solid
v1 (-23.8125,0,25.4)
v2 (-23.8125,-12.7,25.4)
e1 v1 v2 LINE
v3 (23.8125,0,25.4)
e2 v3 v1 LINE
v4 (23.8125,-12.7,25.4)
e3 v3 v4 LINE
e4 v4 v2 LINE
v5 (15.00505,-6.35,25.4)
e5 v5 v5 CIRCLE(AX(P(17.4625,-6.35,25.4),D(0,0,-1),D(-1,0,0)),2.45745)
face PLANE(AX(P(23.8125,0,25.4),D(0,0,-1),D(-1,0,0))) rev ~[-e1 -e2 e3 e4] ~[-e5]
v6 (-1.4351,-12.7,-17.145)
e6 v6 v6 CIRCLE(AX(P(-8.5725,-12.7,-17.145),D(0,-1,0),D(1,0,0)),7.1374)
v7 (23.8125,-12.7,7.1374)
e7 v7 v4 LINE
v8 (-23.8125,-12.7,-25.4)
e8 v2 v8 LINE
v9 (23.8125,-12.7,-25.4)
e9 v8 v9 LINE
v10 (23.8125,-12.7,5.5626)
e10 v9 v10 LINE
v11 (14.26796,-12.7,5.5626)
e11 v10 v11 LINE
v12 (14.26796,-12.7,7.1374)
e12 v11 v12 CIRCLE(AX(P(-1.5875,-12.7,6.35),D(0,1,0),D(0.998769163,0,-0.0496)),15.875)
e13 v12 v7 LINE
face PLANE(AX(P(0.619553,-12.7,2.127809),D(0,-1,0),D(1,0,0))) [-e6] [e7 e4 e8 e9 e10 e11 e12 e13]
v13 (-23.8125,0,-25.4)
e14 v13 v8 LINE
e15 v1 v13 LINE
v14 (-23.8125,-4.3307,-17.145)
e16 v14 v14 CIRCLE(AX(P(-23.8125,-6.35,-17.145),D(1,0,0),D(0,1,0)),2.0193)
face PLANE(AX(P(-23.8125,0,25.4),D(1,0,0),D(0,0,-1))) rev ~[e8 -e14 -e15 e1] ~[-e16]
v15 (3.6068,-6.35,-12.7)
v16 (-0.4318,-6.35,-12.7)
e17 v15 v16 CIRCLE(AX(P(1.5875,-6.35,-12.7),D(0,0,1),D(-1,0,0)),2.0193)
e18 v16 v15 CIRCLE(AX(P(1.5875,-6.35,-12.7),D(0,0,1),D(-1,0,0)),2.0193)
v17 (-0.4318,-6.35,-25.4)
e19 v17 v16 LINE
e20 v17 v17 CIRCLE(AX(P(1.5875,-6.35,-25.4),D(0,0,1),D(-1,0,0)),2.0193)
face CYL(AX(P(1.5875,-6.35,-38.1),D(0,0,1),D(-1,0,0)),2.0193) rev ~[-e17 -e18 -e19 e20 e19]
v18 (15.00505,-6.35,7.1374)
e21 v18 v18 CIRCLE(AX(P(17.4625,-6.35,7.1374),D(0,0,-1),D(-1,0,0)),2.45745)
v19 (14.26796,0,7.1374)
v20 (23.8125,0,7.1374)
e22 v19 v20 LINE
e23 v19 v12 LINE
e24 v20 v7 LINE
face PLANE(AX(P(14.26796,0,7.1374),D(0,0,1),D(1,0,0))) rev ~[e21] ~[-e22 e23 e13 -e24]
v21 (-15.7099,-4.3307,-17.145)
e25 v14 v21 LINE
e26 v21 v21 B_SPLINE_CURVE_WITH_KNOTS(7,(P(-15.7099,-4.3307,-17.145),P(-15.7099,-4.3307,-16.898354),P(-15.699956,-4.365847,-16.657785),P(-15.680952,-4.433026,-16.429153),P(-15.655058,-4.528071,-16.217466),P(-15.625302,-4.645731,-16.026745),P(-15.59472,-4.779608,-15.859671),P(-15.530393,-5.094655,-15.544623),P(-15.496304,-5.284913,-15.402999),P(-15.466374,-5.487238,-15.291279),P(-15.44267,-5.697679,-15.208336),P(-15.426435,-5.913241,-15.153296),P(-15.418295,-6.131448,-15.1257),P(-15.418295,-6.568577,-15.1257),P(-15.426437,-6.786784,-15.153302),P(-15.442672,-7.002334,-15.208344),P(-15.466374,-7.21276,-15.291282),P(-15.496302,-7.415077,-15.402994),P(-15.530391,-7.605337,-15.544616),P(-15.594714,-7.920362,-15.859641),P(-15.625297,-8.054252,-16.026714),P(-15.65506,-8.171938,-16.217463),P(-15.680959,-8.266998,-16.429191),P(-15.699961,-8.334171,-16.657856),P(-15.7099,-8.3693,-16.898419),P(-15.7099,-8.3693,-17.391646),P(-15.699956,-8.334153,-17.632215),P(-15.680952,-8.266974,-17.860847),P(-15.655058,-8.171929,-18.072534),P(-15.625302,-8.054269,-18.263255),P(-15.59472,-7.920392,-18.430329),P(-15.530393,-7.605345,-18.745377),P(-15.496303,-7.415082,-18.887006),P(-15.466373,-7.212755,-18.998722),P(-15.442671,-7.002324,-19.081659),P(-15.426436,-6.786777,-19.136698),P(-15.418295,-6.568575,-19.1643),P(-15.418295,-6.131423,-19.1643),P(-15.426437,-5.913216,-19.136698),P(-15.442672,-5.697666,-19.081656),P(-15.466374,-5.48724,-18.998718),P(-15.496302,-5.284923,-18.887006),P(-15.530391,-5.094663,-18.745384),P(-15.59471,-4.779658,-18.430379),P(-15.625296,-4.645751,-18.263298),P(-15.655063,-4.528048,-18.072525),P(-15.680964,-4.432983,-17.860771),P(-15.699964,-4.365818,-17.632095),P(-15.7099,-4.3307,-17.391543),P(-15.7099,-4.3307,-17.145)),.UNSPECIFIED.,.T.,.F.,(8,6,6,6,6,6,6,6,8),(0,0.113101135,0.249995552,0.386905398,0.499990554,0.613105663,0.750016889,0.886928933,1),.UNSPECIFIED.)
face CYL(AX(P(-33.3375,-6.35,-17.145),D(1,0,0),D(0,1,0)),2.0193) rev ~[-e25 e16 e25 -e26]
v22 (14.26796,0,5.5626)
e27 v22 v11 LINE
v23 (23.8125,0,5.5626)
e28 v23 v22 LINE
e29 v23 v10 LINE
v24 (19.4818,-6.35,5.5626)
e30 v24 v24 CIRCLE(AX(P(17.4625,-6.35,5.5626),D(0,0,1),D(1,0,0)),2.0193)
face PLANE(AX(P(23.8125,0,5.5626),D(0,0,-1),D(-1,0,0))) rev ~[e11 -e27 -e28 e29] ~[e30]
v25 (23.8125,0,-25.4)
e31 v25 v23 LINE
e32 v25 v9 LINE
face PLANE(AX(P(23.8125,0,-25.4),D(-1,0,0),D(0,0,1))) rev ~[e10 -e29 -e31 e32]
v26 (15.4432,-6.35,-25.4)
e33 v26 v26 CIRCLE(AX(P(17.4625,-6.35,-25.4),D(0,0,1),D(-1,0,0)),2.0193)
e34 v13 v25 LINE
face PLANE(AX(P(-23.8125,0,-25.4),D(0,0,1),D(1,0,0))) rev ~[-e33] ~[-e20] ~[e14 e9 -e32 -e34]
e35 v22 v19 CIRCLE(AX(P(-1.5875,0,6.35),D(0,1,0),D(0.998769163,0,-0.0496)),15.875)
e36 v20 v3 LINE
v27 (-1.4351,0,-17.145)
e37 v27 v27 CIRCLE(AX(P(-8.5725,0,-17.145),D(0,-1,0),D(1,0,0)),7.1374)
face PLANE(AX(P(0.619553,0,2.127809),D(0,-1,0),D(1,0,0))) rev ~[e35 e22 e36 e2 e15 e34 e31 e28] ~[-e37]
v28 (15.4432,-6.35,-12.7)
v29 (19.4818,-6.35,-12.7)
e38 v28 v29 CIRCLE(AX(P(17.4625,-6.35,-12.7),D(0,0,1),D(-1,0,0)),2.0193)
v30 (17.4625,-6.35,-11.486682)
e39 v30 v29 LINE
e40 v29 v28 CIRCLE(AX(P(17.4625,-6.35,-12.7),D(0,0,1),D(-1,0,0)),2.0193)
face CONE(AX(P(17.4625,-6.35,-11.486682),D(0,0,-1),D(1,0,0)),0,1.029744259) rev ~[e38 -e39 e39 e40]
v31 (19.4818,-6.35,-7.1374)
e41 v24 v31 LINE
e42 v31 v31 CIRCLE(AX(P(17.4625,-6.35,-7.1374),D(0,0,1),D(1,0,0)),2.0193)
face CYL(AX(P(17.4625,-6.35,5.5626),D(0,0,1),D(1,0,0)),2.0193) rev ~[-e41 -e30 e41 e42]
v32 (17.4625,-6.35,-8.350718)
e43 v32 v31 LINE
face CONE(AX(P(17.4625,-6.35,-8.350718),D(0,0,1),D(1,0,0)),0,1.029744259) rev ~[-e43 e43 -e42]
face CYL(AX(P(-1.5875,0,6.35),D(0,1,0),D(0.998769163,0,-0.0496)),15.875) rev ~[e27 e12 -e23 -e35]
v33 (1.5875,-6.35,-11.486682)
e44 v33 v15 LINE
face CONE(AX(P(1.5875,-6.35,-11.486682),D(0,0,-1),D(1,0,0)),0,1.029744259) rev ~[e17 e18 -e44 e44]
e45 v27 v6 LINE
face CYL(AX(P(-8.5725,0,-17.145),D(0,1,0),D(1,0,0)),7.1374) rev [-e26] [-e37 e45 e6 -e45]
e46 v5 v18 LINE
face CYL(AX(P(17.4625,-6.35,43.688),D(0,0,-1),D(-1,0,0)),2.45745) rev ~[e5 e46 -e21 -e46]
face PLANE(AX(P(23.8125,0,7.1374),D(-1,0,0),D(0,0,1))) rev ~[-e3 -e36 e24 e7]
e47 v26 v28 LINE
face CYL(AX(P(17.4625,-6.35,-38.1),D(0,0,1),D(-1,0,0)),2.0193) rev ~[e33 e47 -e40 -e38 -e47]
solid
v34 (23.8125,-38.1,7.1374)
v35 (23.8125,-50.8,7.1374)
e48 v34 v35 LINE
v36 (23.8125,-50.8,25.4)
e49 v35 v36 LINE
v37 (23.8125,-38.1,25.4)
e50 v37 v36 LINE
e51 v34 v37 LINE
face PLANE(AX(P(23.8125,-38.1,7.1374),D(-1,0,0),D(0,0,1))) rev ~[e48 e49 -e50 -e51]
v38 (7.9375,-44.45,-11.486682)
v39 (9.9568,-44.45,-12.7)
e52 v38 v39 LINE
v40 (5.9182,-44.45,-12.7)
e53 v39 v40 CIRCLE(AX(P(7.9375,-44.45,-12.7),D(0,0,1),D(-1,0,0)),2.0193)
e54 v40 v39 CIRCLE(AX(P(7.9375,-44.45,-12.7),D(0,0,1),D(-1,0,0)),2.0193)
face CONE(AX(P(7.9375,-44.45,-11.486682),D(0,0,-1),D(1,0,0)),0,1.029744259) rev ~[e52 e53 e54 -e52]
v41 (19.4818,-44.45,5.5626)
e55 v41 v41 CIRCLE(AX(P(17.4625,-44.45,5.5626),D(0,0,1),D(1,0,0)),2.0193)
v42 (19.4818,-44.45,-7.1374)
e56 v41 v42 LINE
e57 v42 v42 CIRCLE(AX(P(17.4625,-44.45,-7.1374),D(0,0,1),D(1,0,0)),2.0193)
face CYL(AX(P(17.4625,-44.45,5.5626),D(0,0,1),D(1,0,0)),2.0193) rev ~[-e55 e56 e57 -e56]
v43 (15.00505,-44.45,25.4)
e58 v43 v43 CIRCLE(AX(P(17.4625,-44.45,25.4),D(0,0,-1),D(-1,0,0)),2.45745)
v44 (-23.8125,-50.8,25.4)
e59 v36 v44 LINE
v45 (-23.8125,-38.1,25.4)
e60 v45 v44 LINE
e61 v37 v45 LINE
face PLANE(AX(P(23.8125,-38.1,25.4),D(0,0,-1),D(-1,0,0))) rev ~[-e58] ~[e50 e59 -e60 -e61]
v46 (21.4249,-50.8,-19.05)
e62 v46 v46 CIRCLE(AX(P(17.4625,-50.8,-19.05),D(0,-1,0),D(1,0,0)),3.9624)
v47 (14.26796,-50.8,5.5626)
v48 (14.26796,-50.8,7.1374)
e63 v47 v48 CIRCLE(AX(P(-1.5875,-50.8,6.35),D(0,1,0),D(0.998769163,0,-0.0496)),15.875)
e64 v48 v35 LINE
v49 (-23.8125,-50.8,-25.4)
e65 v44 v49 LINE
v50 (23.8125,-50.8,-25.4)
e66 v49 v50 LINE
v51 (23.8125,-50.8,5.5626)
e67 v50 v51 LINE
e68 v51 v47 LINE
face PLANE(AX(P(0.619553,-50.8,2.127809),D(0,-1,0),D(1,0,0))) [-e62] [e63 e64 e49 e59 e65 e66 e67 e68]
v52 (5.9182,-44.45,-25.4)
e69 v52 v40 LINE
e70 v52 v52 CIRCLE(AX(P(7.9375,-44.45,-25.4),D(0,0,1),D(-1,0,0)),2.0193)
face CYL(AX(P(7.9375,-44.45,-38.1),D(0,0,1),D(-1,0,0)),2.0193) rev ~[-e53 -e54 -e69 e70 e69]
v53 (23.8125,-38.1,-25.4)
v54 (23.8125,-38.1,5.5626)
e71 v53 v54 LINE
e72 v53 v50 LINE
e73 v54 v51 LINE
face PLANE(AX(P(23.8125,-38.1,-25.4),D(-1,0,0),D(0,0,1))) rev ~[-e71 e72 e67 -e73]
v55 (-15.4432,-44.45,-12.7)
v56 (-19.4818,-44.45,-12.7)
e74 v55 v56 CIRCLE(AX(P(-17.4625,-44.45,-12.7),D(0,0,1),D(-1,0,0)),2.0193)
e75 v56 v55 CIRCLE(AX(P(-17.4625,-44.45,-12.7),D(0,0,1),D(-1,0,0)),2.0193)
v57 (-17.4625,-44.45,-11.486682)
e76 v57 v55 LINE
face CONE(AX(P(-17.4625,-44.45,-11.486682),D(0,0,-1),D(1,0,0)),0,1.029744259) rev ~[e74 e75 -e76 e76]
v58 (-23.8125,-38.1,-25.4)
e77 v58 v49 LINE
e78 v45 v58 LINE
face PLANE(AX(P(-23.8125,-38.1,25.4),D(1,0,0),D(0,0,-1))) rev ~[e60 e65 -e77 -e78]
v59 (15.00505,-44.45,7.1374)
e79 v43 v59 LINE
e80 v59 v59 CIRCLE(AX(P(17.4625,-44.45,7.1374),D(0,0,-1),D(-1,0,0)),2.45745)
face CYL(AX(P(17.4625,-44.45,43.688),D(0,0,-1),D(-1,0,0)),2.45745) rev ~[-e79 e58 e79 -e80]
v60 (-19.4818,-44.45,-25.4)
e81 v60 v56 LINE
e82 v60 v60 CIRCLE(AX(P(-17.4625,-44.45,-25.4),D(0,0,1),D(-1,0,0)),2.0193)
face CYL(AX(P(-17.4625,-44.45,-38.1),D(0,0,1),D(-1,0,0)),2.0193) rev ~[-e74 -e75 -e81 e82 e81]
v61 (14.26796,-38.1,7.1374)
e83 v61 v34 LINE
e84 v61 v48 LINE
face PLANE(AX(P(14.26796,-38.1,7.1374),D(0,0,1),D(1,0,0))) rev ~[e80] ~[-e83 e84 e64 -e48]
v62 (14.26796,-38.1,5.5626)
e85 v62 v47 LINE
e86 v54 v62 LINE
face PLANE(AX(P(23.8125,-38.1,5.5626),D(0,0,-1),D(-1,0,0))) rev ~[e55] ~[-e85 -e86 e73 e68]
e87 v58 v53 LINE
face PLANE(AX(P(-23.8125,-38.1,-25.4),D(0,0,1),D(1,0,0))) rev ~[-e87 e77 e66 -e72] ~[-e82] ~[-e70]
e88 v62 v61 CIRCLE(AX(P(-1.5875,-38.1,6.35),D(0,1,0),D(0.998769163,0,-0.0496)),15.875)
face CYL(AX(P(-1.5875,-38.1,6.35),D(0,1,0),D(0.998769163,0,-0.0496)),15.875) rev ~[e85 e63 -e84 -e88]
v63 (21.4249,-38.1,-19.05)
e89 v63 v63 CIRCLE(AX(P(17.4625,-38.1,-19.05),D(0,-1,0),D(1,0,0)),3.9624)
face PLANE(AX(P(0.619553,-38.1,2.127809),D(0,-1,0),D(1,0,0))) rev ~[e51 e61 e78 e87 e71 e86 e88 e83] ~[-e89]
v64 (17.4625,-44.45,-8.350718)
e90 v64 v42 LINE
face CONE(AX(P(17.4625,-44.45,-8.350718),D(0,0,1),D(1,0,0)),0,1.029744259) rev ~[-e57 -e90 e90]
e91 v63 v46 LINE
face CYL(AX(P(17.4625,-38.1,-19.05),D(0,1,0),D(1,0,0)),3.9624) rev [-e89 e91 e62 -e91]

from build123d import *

# Parameters (mm, degrees)
F0_R      = 7.1374
F1_DEPTH  = 12.7
F3_D      = 4.0386
F3_DEPTH  = 9.525
F3_TIP    = 1.213317848
F5_D      = 4.0386
F5_DEPTH  = 12.7
F5_TIP    = 1.213317848
F7_D      = 4.0386
F7_DEPTH  = 12.7
F7_TIP    = 1.213317848
F9_D      = 4.9149
F9_DEPTH  = 18.288
F9_TIP    = 1.4765849282
F11_R     = 3.9624
F12_DEPTH = 12.7
F14_D     = 4.0386
F14_DEPTH = 12.7
F14_TIP   = 1.213317848
F16_D     = 4.9149
F16_DEPTH = 18.288
F16_TIP   = 1.4765849282
F18_D     = 4.0386
F18_DEPTH = 12.7
F18_TIP   = 1.213317848


with BuildPart() as f1:
    # F0 (on Front) → F1 (new body)
    with BuildSketch(Plane.XZ):
        with BuildLine():
            Line((-23.8125, -25.4), (23.8125, -25.4))
            Line((23.8125, -25.4), (23.8125, 5.5626))
            Line((23.8125, 5.5626), (14.267960455, 5.5626))
            ThreePointArc((14.267960455, 5.5626), (-17.4625, 6.35), (14.267960455, 7.1374))
            Line((14.267960455, 7.1374), (23.8125, 7.1374))
            Line((23.8125, 7.1374), (23.8125, 25.4))
            Line((23.8125, 25.4), (-23.8125, 25.4))
            Line((-23.8125, 25.4), (-23.8125, -25.4))
        make_face()
        with Locations((-8.5725, -17.145)):
            Circle(F0_R, mode=Mode.SUBTRACT)
    extrude(amount=F1_DEPTH)

    # F3
    with Locations(Plane(origin=(-23.8125, 0, 0), x_dir=(0, -1, 0), z_dir=(-1, 0, 0))):
        with Locations((6.35, -17.145)):
            Hole(F3_D / 2, depth=F3_DEPTH)
            with Locations((0, 0, -(F3_DEPTH + F3_TIP / 2))):  # 118° drill point
                Cone(0, F3_D / 2, F3_TIP, mode=Mode.SUBTRACT)

    # F5
    with Locations(Plane(origin=(0, 0, -25.4), x_dir=(1, 0, 0), z_dir=(0, 0, -1))):
        with Locations((1.5875, 6.35), (17.4625, 6.35)):
            Hole(F5_D / 2, depth=F5_DEPTH)
            with Locations((0, 0, -(F5_DEPTH + F5_TIP / 2))):  # 118° drill point
                Cone(0, F5_D / 2, F5_TIP, mode=Mode.SUBTRACT)

    # F7 (one way)
    with BuildSketch(Plane.XY.offset(5.5626)):
        with Locations((17.4625, -6.35)):
            Circle(F7_D / 2)
    extrude(amount=-F7_DEPTH, mode=Mode.SUBTRACT)
    with Locations(Plane.XY.offset(5.5626)):
        with Locations((17.4625, -6.35)):
            with Locations((0, 0, -(F7_DEPTH + F7_TIP / 2))):  # 118° drill point
                Cone(0, F7_D / 2, F7_TIP, mode=Mode.SUBTRACT)

    # F9
    with Locations(Plane.XY.offset(25.4)):
        with Locations((17.4625, -6.35)):
            Hole(F9_D / 2, depth=F9_DEPTH)
            with Locations((0, 0, -(F9_DEPTH + F9_TIP / 2))):  # 118° drill point
                Cone(0, F9_D / 2, F9_TIP, mode=Mode.SUBTRACT)


with BuildPart() as f12:
    # F11 (on offset) → F12 (new body)
    with BuildSketch(Plane.XZ.offset(38.1)):
        with BuildLine():
            Line((-23.8125, 25.4), (-23.8125, -25.4))
            Line((-23.8125, -25.4), (23.8125, -25.4))
            Line((23.8125, -25.4), (23.8125, 5.5626))
            Line((23.8125, 5.5626), (14.267960455, 5.5626))
            ThreePointArc((14.267960455, 5.5626), (-17.4625, 6.35), (14.267960455, 7.1374))
            Line((14.267960455, 7.1374), (23.8125, 7.1374))
            Line((23.8125, 7.1374), (23.8125, 25.4))
            Line((23.8125, 25.4), (-23.8125, 25.4))
        make_face()
        with Locations((17.4625, -19.05)):
            Circle(F11_R, mode=Mode.SUBTRACT)
    extrude(amount=F12_DEPTH)

    # F14 (one way)
    with BuildSketch(Plane.XY.offset(5.5626)):
        with Locations((17.4625, -44.45)):
            Circle(F14_D / 2)
    extrude(amount=-F14_DEPTH, mode=Mode.SUBTRACT)
    with Locations(Plane.XY.offset(5.5626)):
        with Locations((17.4625, -44.45)):
            with Locations((0, 0, -(F14_DEPTH + F14_TIP / 2))):  # 118° drill point
                Cone(0, F14_D / 2, F14_TIP, mode=Mode.SUBTRACT)

    # F16
    with Locations(Plane.XY.offset(25.4)):
        with Locations((17.4625, -44.45)):
            Hole(F16_D / 2, depth=F16_DEPTH)
            with Locations((0, 0, -(F16_DEPTH + F16_TIP / 2))):  # 118° drill point
                Cone(0, F16_D / 2, F16_TIP, mode=Mode.SUBTRACT)

    # F18
    with Locations(Plane(origin=(0, 0, -25.4), x_dir=(1, 0, 0), z_dir=(0, 0, -1))):
        with Locations((-17.4625, 44.45), (7.9375, 44.45)):
            Hole(F18_D / 2, depth=F18_DEPTH)
            with Locations((0, 0, -(F18_DEPTH + F18_TIP / 2))):  # 118° drill point
                Cone(0, F18_D / 2, F18_TIP, mode=Mode.SUBTRACT)


solid = Compound([f1.part, f12.part])
